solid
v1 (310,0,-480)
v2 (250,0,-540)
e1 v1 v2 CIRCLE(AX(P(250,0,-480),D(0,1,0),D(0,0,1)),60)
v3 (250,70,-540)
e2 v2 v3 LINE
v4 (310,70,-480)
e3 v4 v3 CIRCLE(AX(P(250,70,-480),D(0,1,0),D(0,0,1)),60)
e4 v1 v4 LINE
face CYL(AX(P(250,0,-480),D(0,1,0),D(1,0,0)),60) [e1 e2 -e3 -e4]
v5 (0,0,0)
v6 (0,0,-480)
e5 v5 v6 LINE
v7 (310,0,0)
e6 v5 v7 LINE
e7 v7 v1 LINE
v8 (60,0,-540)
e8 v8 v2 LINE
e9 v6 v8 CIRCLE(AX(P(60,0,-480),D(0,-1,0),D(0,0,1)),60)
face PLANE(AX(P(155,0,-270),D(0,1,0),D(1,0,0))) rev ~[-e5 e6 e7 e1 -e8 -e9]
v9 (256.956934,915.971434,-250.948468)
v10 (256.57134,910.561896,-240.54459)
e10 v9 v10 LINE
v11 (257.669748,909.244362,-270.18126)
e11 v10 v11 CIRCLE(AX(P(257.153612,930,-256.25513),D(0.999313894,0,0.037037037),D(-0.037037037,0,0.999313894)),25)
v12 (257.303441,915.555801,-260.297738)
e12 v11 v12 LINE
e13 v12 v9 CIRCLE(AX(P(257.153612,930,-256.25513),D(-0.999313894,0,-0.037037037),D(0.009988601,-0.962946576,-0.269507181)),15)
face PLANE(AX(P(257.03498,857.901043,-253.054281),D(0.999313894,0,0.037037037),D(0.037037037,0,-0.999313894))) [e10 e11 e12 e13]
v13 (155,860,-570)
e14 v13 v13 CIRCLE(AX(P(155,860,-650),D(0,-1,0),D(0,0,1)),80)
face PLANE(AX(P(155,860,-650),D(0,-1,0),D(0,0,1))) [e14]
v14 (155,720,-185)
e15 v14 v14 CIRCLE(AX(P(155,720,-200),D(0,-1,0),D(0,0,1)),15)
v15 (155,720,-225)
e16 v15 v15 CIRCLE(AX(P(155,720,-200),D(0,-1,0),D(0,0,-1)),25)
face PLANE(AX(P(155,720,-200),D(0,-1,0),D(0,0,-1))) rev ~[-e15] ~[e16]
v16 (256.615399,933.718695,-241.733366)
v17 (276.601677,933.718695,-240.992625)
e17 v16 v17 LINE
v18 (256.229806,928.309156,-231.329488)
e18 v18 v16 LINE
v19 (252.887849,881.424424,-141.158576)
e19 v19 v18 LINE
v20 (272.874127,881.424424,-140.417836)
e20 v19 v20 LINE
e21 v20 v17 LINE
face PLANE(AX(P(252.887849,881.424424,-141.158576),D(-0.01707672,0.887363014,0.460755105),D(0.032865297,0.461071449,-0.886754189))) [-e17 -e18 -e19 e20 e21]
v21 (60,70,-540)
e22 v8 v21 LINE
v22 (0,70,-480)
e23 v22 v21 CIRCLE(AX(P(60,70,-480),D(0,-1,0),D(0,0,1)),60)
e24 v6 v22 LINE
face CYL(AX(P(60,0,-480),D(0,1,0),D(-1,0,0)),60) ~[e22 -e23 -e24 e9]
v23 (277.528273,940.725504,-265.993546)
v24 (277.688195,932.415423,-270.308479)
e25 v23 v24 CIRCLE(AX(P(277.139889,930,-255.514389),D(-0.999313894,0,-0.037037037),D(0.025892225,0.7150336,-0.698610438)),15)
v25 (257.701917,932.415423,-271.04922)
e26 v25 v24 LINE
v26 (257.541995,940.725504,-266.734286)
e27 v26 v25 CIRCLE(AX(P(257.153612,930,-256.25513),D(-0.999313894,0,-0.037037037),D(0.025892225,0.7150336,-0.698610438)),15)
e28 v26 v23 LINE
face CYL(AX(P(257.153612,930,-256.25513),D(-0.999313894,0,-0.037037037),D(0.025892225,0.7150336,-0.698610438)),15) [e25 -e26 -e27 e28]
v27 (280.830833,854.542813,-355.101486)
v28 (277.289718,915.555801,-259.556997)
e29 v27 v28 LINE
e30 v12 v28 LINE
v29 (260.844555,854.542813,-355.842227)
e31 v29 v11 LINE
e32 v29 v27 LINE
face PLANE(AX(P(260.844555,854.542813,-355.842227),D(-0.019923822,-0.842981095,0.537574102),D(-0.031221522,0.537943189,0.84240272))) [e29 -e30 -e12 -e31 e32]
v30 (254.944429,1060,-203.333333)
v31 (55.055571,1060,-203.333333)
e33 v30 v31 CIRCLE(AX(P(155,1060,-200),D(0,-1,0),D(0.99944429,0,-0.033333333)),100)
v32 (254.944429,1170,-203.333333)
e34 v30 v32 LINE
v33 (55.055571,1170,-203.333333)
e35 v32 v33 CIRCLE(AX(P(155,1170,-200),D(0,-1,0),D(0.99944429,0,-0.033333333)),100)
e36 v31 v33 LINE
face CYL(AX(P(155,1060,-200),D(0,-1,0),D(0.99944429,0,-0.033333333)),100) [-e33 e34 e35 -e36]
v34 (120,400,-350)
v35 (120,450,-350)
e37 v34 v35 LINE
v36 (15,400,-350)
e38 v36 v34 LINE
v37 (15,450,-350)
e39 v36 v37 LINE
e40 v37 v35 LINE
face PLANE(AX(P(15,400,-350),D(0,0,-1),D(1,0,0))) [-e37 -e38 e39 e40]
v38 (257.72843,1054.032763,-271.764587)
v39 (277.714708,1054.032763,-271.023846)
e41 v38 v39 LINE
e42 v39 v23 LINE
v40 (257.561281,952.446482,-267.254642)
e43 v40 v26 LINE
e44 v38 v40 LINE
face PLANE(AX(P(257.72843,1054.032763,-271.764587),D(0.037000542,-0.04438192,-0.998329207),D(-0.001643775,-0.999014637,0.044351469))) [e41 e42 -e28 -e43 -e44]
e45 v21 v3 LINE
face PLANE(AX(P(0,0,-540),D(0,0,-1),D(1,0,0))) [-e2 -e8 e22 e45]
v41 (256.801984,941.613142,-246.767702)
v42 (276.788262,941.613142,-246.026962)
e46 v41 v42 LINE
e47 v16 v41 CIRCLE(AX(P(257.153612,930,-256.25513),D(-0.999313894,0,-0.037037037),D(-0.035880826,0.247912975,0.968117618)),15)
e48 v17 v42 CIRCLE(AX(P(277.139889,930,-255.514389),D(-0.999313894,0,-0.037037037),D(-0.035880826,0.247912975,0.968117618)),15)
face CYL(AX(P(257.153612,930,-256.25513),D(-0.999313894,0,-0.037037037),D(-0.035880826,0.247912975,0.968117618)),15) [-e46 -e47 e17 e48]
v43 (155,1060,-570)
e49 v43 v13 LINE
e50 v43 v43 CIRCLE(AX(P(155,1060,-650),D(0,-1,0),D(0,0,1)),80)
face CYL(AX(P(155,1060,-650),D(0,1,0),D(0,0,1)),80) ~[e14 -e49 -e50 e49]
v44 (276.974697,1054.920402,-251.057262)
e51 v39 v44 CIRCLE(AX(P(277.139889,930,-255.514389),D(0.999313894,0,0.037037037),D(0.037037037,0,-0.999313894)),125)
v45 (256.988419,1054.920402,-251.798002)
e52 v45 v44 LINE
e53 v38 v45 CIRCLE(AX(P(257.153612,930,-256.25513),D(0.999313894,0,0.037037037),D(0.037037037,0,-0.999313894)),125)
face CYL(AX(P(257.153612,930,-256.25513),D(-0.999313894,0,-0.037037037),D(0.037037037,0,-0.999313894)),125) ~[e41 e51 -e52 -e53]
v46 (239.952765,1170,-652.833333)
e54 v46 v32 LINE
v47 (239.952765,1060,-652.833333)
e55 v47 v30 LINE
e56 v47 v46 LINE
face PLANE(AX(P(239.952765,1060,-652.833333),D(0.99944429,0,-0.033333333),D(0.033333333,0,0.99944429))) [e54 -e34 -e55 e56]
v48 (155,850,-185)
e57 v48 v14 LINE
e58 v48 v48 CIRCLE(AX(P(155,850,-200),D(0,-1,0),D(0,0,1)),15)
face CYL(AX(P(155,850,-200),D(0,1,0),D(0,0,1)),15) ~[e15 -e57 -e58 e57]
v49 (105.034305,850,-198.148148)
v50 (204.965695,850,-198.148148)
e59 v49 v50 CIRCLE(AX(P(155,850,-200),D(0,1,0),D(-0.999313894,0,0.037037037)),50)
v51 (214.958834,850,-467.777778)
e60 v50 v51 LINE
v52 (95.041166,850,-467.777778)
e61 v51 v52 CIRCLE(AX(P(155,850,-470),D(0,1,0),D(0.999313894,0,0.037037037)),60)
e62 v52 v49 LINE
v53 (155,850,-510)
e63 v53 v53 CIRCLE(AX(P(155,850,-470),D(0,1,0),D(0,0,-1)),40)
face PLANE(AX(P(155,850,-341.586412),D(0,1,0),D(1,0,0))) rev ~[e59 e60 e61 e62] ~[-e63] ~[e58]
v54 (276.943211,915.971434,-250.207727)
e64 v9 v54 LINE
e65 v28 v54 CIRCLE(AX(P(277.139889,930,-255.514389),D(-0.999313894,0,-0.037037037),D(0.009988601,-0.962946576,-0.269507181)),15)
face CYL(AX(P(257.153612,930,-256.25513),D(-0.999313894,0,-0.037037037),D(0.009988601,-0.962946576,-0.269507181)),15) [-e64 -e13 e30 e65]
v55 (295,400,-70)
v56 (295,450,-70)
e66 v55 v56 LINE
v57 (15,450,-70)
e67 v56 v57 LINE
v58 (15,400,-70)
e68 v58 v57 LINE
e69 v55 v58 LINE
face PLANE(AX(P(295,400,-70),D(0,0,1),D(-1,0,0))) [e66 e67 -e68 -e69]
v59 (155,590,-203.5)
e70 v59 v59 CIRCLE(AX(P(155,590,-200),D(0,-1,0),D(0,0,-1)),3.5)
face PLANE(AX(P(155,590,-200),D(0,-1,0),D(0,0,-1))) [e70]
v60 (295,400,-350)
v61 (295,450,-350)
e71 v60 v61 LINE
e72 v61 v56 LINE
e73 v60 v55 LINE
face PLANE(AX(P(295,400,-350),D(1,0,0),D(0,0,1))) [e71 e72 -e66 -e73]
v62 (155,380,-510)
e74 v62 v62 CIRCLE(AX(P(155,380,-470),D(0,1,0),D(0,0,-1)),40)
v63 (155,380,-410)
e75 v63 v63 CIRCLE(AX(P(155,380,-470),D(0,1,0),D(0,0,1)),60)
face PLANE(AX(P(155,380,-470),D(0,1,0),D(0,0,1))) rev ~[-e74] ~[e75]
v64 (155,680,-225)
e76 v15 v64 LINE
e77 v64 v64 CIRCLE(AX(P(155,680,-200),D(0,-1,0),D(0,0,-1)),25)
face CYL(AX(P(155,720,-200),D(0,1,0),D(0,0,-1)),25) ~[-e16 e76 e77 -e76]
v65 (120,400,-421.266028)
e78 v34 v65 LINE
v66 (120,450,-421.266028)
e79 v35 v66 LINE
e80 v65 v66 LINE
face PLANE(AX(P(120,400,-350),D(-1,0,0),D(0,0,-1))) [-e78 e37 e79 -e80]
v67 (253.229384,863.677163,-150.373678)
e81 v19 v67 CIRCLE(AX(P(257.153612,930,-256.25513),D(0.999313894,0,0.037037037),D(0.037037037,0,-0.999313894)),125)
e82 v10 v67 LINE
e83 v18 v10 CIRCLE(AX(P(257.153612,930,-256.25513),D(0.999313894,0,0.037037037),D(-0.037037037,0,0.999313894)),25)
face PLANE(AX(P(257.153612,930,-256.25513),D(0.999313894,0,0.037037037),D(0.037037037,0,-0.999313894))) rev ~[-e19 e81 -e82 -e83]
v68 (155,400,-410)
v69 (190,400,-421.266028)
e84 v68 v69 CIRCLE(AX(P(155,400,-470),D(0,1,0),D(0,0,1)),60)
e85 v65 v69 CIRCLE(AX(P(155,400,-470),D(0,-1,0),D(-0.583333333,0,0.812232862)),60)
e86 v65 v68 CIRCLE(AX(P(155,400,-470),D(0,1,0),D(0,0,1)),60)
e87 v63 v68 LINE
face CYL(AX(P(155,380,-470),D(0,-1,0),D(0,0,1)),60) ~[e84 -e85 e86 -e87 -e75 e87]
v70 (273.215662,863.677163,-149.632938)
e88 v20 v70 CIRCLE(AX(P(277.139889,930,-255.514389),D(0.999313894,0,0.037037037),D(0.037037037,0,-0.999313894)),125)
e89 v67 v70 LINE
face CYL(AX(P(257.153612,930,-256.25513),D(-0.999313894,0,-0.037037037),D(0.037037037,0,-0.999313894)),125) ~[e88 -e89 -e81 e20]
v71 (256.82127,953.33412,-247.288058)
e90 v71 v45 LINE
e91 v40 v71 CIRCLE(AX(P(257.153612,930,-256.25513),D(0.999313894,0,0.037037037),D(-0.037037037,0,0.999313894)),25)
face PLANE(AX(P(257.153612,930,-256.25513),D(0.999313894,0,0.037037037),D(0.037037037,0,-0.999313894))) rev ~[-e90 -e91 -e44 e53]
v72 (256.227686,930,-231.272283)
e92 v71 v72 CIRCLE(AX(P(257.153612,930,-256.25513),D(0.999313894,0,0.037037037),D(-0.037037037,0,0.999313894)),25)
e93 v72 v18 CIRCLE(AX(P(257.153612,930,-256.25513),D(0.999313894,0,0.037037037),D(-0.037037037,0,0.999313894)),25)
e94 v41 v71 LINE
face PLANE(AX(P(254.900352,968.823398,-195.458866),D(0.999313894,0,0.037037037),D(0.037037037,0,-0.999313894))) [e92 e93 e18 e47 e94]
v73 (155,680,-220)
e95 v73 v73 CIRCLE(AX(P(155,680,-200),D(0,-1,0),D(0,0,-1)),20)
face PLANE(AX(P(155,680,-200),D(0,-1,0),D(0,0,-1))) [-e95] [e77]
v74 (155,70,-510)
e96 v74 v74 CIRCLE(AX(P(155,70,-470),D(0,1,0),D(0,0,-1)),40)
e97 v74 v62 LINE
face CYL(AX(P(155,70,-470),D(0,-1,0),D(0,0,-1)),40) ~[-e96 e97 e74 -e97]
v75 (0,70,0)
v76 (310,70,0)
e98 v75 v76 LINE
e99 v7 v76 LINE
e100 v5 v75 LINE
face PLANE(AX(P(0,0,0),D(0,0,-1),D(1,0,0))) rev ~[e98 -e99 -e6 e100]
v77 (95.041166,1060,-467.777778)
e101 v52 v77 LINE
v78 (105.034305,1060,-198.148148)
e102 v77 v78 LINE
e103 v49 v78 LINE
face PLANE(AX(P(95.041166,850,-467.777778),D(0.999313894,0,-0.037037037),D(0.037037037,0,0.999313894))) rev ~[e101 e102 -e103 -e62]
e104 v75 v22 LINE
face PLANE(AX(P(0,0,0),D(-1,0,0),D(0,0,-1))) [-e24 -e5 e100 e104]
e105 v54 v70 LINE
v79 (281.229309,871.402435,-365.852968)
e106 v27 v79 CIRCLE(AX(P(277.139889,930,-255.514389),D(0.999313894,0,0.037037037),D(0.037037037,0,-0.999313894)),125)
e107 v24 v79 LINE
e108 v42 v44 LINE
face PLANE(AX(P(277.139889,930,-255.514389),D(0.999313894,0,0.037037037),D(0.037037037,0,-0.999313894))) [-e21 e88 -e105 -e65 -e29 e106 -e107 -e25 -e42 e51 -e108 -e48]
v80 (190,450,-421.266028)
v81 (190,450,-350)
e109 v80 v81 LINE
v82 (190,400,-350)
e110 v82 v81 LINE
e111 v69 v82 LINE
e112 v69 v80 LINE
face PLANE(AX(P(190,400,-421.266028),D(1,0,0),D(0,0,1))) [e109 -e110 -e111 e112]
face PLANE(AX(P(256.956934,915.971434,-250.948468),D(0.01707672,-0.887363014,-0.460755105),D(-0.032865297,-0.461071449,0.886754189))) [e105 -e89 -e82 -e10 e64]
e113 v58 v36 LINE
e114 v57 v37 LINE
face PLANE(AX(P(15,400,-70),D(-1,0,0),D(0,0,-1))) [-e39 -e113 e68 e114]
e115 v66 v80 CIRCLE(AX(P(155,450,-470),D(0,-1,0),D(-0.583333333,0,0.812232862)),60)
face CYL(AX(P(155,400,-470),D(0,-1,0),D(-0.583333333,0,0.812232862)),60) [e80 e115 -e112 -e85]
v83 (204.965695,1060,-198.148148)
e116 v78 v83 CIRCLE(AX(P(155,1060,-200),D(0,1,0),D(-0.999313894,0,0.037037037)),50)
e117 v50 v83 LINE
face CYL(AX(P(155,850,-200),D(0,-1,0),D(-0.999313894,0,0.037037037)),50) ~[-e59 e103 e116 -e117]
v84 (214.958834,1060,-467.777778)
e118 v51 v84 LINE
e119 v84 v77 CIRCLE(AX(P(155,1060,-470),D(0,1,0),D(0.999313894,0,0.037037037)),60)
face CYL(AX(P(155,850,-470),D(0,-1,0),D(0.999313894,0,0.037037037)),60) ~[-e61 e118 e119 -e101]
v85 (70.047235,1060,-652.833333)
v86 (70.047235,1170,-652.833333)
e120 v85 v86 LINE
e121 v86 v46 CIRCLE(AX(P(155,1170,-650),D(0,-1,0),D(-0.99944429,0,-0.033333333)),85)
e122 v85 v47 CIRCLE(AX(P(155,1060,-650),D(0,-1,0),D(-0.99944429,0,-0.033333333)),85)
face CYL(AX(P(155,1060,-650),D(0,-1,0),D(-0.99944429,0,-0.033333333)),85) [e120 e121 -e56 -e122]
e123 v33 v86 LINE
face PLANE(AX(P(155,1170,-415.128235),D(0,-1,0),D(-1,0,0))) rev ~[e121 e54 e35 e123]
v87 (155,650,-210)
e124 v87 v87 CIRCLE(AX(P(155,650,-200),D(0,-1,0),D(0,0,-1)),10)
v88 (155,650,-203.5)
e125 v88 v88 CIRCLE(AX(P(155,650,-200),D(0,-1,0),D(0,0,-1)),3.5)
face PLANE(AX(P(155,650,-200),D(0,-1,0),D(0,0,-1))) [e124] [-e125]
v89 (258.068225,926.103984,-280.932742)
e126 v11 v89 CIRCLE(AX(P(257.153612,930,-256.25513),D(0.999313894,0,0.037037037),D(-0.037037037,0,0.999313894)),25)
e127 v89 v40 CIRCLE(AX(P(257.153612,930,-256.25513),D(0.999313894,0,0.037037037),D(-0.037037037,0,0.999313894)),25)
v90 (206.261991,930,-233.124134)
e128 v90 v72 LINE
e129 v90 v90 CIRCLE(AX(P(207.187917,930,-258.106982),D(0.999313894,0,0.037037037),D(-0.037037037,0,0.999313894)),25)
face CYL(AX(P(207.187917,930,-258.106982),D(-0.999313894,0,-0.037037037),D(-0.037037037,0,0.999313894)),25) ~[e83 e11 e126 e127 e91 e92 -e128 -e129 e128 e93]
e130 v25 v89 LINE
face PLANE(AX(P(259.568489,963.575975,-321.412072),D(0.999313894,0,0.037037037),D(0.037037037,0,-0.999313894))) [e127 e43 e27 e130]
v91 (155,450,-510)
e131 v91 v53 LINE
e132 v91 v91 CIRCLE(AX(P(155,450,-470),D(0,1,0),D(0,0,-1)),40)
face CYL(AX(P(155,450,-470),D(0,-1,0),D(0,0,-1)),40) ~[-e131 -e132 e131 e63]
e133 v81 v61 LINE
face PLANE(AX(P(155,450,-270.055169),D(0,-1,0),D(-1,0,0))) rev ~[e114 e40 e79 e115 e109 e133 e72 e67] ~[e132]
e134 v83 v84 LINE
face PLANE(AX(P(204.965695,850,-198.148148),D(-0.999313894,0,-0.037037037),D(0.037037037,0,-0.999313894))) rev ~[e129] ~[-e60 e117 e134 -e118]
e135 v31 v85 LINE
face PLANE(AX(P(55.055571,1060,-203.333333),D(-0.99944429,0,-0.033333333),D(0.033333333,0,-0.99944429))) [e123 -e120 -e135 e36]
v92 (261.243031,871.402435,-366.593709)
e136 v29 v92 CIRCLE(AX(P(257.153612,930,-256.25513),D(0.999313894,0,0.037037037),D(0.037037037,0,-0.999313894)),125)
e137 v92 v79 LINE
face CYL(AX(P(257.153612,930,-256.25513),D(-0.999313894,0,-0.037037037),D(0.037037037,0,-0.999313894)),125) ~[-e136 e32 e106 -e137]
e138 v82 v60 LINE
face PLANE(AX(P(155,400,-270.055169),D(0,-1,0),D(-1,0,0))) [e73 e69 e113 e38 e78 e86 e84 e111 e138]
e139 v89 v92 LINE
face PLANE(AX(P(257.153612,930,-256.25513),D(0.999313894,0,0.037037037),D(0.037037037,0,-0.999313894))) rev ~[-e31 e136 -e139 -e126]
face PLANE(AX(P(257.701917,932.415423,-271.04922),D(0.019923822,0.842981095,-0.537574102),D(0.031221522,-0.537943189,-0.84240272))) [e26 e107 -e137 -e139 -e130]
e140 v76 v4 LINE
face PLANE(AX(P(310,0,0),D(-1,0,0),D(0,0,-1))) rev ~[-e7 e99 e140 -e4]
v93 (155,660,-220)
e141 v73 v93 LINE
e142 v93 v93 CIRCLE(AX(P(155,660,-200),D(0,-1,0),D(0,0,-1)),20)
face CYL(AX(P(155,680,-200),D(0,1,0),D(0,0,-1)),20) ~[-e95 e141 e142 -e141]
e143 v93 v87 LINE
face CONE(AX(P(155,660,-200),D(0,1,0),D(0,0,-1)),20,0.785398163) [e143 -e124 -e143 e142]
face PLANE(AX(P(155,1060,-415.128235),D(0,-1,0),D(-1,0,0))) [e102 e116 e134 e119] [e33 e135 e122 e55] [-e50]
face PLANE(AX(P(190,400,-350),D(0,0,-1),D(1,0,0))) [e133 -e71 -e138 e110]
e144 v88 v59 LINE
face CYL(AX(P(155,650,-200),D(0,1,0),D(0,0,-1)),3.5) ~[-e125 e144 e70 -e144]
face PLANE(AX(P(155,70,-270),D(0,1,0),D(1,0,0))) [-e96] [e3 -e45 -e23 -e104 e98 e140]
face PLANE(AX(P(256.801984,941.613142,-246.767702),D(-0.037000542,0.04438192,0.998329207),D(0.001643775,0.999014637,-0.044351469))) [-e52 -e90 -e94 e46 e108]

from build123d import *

# Parameters (mm, degrees)
SKETCH_1_W          = 310
SKETCH_1_H          = 540
EXTRUDE_1_DEPTH     = 70
FILLET_1_R          = 60
SKETCH_2_R          = 40
EXTRUDE_2_DEPTH     = 310
SKETCH_3_R          = 60
EXTRUDE_3_DEPTH     = 20
EXTRUDE_4_DEPTH     = 50
SKETCH_5_R          = 40
EXTRUDE_5_DEPTH     = 400
EXTRUDE_6_DEPTH     = 210
EXTRUDE_7_DEPTH     = 110
SKETCH_10_R         = 80
EXTRUDE_8_DEPTH     = 200
SKETCH_11_R         = 15
EXTRUDE_9_DEPTH     = 130
SKETCH_12_R         = 25
EXTRUDE_10_DEPTH    = 40
SKETCH_13_R         = 20
EXTRUDE_11_DEPTH    = 30
CHAMFER_1_SIZE      = 10
SKETCH_14_R         = 3.5
EXTRUDE_12_DEPTH    = 60
SKETCH_15_R         = 25
EXTRUDE_13_DEPTH    = 50
SKETCH_16_R         = 125
EXTRUDE_14_DEPTH    = 20
CUT_EXTRUDE_START   = -20
CUT_EXTRUDE_1_DEPTH = 20


with BuildPart() as part:
    # ｽｹｯﾁ1 → ﾎﾞｽ - 押し出し1 (new body)
    with BuildSketch(Plane(origin=(0, 0, 0), x_dir=(1, 0, 0), z_dir=(0, 1, 0))):
        with Locations((155, 270)):
            Rectangle(SKETCH_1_W, SKETCH_1_H)
    extrude(amount=EXTRUDE_1_DEPTH)

    # ﾌｨﾚｯﾄ1
    fillet_1_edges = [part.edges().sort_by_distance(p)[0] for p in [
        (0, 35, -540),
        (310, 35, -540),
    ]]
    fillet(fillet_1_edges, radius=FILLET_1_R)

    # ｽｹｯﾁ2 → ﾎﾞｽ - 押し出し2 (add)
    with BuildSketch(Plane(origin=(0, 70, 0), x_dir=(1, 0, 0), z_dir=(0, 1, 0))):
        with Locations(Location((155, 470, 0), (0, 0, 90))):
            Circle(SKETCH_2_R)
    extrude(amount=EXTRUDE_2_DEPTH)

    # ｽｹｯﾁ3 → ﾎﾞｽ - 押し出し3 (add)
    with BuildSketch(Plane(origin=(0, 380, 0), x_dir=(1, 0, 0), z_dir=(0, 1, 0))):
        with Locations(Location((155, 470, 0), (0, 0, 270))):
            Circle(SKETCH_3_R)
    extrude(amount=EXTRUDE_3_DEPTH)

    # ｽｹｯﾁ4 → ﾎﾞｽ - 押し出し4 (add)
    with BuildSketch(Plane(origin=(0, 400, 0), x_dir=(1, 0, 0), z_dir=(0, 1, 0))):
        with BuildLine():
            Line((190, 350), (295, 350))
            Line((295, 350), (295, 70))
            Line((295, 70), (15, 70))
            Line((15, 70), (15, 350))
            Line((15, 350), (120, 350))
            Line((120, 350), (120, 421.266028276))
            ThreePointArc((120, 421.266028276), (155, 530), (190, 421.266028276))
            Line((190, 421.266028276), (190, 350))
        make_face()
    extrude(amount=EXTRUDE_4_DEPTH)

    # ｽｹｯﾁ5 → ﾎﾞｽ - 押し出し5 (add)
    with BuildSketch(Plane(origin=(0, 450, 0), x_dir=(1, 0, 0), z_dir=(0, 1, 0))):
        with Locations(Location((155, 470, 0), (0, 0, 90))):
            Circle(SKETCH_5_R)
    extrude(amount=EXTRUDE_5_DEPTH)

    # ｽｹｯﾁ8 → ﾎﾞｽ - 押し出し6 (add)
    with BuildSketch(Plane(origin=(0, 850, 0), x_dir=(1, 0, 0), z_dir=(0, 1, 0))):
        with BuildLine():
            Line((95.041166386, 467.777777778), (105.034305321, 198.148148148))
            ThreePointArc((105.034305321, 198.148148148), (155, 150), (204.965694679, 198.148148148))
            Line((204.965694679, 198.148148148), (214.958833614, 467.777777778))
            ThreePointArc((214.958833614, 467.777777778), (155, 530), (95.041166386, 467.777777778))
        make_face()
    extrude(amount=EXTRUDE_6_DEPTH)

    # ｽｹｯﾁ9 → ﾎﾞｽ - 押し出し7 (add)
    with BuildSketch(Plane(origin=(0, 1060, 0), x_dir=(1, 0, 0), z_dir=(0, 1, 0))):
        with BuildLine():
            Line((55.055570996, 203.333333333), (70.047235347, 652.833333333))
            ThreePointArc((70.047235347, 652.833333333), (155, 735), (239.952764653, 652.833333333))
            Line((239.952764653, 652.833333333), (254.944429004, 203.333333333))
            ThreePointArc((254.944429004, 203.333333333), (155, 100), (55.055570996, 203.333333333))
        make_face()
    extrude(amount=EXTRUDE_7_DEPTH)

    # ｽｹｯﾁ10 → ﾎﾞｽ - 押し出し8 (add)
    with BuildSketch(Plane(origin=(0, 1060, 0), x_dir=(-1, 0, 0), z_dir=(0, -1, 0))):
        with Locations(Location((-155, 650, 0), (0, 0, 270))):
            Circle(SKETCH_10_R)
    extrude(amount=EXTRUDE_8_DEPTH)

    # ｽｹｯﾁ11 → ﾎﾞｽ - 押し出し9 (add)
    with BuildSketch(Plane(origin=(0, 850, 0), x_dir=(-1, 0, 0), z_dir=(0, -1, 0))):
        with Locations(Location((-155, 200, 0), (0, 0, 270))):
            Circle(SKETCH_11_R)
    extrude(amount=EXTRUDE_9_DEPTH)

    # ｽｹｯﾁ12 → ﾎﾞｽ - 押し出し10 (add)
    with BuildSketch(Plane(origin=(0, 720, 0), x_dir=(-1, 0, 0), z_dir=(0, -1, 0))):
        with Locations(Location((-155, 200, 0), (0, 0, 90))):
            Circle(SKETCH_12_R)
    extrude(amount=EXTRUDE_10_DEPTH)

    # ｽｹｯﾁ13 → ﾎﾞｽ - 押し出し11 (add)
    with BuildSketch(Plane(origin=(0, 680, 0), x_dir=(-1, 0, 0), z_dir=(0, -1, 0))):
        with Locations(Location((-155, 200, 0), (0, 0, 90))):
            Circle(SKETCH_13_R)
    extrude(amount=EXTRUDE_11_DEPTH)

    # 面取り1
    chamfer_1_edges = [part.edges().sort_by_distance(p)[0] for p in [
        (155, 650, -180),
    ]]
    chamfer(chamfer_1_edges, length=CHAMFER_1_SIZE)

    # ｽｹｯﾁ14 → ﾎﾞｽ - 押し出し12 (add)
    with BuildSketch(Plane(origin=(0, 650, 0), x_dir=(-1, 0, 0), z_dir=(0, -1, 0))):
        with Locations(Location((-155, 200, 0), (0, 0, 90))):
            Circle(SKETCH_14_R)
    extrude(amount=EXTRUDE_12_DEPTH)

    # ｽｹｯﾁ15 → ﾎﾞｽ - 押し出し13 (add)
    with BuildSketch(Plane(origin=(197.350749514, 0, 7.314305411), x_dir=(0.0370370370370371, 0, -0.9993138935727439), z_dir=(0.9993138935727439, 0, 0.0370370370370371))):
        with Locations(Location((265.603519455, 930, 0), (0, 0, 180))):
            Circle(SKETCH_15_R)
    extrude(amount=EXTRUDE_13_DEPTH)

    # ｽｹｯﾁ16 → ﾎﾞｽ - 押し出し14 (add)
    with BuildSketch(Plane(origin=(247.316444192, 0, 9.166157263), x_dir=(0.03703703703703711, 0, -0.9993138935727439), z_dir=(0.9993138935727439, 0, 0.03703703703703711))):
        with Locations((265.603519455, 930)):
            Circle(SKETCH_16_R)
    extrude(amount=EXTRUDE_14_DEPTH)

    # ｽｹｯﾁ17 → ｶｯﾄ - 押し出し1 (cut)
    with BuildSketch(Plane(origin=(267.302722064, 0, 9.906898004), x_dir=(0.037037037037037125, 0, -0.9993138935727439), z_dir=(0.9993138935727439, 0, 0.037037037037037125)).offset(CUT_EXTRUDE_START)):
        with BuildLine():
            Line((150.427943116, 881.424423678), (251.071784865, 933.718694636))
            ThreePointArc((251.071784865, 933.718694636), (252.958803035, 938.069147828), (256.109578031, 941.613142393))
            Line((256.109578031, 941.613142393), (261.143331784, 1054.92040156))
            ThreePointArc((261.143331784, 1054.92040156), (160.230882623, 997.242898563), (150.427943116, 881.424423678))
        make_face()
        with BuildLine():
            ThreePointArc((390.603519455, 930), (359.318547956, 1012.719365526), (281.123624526, 1054.032763166))
            Line((281.123624526, 1054.032763166), (276.089870774, 940.725503999))
            ThreePointArc((276.089870774, 940.725503999), (278.913964671, 936.916071729), (280.407766497, 932.415423259))
            Line((280.407766497, 932.415423259), (376.017854493, 871.402435049))
            ThreePointArc((376.017854493, 871.402435049), (386.90230733, 899.80721841), (390.603519455, 930))
        make_face()
        with BuildLine():
            Line((260.293213837, 915.971434348), (159.649372089, 863.677163391))
            ThreePointArc((159.649372089, 863.677163391), (260.055779492, 805.123170359), (365.258990723, 854.542813156))
            Line((365.258990723, 854.542813156), (269.648902727, 915.555801366))
            ThreePointArc((269.648902727, 915.555801366), (264.93779066, 915.014780443), (260.293213837, 915.971434348))
        make_face()
    extrude(amount=CUT_EXTRUDE_1_DEPTH, mode=Mode.SUBTRACT)


solid = part.part
